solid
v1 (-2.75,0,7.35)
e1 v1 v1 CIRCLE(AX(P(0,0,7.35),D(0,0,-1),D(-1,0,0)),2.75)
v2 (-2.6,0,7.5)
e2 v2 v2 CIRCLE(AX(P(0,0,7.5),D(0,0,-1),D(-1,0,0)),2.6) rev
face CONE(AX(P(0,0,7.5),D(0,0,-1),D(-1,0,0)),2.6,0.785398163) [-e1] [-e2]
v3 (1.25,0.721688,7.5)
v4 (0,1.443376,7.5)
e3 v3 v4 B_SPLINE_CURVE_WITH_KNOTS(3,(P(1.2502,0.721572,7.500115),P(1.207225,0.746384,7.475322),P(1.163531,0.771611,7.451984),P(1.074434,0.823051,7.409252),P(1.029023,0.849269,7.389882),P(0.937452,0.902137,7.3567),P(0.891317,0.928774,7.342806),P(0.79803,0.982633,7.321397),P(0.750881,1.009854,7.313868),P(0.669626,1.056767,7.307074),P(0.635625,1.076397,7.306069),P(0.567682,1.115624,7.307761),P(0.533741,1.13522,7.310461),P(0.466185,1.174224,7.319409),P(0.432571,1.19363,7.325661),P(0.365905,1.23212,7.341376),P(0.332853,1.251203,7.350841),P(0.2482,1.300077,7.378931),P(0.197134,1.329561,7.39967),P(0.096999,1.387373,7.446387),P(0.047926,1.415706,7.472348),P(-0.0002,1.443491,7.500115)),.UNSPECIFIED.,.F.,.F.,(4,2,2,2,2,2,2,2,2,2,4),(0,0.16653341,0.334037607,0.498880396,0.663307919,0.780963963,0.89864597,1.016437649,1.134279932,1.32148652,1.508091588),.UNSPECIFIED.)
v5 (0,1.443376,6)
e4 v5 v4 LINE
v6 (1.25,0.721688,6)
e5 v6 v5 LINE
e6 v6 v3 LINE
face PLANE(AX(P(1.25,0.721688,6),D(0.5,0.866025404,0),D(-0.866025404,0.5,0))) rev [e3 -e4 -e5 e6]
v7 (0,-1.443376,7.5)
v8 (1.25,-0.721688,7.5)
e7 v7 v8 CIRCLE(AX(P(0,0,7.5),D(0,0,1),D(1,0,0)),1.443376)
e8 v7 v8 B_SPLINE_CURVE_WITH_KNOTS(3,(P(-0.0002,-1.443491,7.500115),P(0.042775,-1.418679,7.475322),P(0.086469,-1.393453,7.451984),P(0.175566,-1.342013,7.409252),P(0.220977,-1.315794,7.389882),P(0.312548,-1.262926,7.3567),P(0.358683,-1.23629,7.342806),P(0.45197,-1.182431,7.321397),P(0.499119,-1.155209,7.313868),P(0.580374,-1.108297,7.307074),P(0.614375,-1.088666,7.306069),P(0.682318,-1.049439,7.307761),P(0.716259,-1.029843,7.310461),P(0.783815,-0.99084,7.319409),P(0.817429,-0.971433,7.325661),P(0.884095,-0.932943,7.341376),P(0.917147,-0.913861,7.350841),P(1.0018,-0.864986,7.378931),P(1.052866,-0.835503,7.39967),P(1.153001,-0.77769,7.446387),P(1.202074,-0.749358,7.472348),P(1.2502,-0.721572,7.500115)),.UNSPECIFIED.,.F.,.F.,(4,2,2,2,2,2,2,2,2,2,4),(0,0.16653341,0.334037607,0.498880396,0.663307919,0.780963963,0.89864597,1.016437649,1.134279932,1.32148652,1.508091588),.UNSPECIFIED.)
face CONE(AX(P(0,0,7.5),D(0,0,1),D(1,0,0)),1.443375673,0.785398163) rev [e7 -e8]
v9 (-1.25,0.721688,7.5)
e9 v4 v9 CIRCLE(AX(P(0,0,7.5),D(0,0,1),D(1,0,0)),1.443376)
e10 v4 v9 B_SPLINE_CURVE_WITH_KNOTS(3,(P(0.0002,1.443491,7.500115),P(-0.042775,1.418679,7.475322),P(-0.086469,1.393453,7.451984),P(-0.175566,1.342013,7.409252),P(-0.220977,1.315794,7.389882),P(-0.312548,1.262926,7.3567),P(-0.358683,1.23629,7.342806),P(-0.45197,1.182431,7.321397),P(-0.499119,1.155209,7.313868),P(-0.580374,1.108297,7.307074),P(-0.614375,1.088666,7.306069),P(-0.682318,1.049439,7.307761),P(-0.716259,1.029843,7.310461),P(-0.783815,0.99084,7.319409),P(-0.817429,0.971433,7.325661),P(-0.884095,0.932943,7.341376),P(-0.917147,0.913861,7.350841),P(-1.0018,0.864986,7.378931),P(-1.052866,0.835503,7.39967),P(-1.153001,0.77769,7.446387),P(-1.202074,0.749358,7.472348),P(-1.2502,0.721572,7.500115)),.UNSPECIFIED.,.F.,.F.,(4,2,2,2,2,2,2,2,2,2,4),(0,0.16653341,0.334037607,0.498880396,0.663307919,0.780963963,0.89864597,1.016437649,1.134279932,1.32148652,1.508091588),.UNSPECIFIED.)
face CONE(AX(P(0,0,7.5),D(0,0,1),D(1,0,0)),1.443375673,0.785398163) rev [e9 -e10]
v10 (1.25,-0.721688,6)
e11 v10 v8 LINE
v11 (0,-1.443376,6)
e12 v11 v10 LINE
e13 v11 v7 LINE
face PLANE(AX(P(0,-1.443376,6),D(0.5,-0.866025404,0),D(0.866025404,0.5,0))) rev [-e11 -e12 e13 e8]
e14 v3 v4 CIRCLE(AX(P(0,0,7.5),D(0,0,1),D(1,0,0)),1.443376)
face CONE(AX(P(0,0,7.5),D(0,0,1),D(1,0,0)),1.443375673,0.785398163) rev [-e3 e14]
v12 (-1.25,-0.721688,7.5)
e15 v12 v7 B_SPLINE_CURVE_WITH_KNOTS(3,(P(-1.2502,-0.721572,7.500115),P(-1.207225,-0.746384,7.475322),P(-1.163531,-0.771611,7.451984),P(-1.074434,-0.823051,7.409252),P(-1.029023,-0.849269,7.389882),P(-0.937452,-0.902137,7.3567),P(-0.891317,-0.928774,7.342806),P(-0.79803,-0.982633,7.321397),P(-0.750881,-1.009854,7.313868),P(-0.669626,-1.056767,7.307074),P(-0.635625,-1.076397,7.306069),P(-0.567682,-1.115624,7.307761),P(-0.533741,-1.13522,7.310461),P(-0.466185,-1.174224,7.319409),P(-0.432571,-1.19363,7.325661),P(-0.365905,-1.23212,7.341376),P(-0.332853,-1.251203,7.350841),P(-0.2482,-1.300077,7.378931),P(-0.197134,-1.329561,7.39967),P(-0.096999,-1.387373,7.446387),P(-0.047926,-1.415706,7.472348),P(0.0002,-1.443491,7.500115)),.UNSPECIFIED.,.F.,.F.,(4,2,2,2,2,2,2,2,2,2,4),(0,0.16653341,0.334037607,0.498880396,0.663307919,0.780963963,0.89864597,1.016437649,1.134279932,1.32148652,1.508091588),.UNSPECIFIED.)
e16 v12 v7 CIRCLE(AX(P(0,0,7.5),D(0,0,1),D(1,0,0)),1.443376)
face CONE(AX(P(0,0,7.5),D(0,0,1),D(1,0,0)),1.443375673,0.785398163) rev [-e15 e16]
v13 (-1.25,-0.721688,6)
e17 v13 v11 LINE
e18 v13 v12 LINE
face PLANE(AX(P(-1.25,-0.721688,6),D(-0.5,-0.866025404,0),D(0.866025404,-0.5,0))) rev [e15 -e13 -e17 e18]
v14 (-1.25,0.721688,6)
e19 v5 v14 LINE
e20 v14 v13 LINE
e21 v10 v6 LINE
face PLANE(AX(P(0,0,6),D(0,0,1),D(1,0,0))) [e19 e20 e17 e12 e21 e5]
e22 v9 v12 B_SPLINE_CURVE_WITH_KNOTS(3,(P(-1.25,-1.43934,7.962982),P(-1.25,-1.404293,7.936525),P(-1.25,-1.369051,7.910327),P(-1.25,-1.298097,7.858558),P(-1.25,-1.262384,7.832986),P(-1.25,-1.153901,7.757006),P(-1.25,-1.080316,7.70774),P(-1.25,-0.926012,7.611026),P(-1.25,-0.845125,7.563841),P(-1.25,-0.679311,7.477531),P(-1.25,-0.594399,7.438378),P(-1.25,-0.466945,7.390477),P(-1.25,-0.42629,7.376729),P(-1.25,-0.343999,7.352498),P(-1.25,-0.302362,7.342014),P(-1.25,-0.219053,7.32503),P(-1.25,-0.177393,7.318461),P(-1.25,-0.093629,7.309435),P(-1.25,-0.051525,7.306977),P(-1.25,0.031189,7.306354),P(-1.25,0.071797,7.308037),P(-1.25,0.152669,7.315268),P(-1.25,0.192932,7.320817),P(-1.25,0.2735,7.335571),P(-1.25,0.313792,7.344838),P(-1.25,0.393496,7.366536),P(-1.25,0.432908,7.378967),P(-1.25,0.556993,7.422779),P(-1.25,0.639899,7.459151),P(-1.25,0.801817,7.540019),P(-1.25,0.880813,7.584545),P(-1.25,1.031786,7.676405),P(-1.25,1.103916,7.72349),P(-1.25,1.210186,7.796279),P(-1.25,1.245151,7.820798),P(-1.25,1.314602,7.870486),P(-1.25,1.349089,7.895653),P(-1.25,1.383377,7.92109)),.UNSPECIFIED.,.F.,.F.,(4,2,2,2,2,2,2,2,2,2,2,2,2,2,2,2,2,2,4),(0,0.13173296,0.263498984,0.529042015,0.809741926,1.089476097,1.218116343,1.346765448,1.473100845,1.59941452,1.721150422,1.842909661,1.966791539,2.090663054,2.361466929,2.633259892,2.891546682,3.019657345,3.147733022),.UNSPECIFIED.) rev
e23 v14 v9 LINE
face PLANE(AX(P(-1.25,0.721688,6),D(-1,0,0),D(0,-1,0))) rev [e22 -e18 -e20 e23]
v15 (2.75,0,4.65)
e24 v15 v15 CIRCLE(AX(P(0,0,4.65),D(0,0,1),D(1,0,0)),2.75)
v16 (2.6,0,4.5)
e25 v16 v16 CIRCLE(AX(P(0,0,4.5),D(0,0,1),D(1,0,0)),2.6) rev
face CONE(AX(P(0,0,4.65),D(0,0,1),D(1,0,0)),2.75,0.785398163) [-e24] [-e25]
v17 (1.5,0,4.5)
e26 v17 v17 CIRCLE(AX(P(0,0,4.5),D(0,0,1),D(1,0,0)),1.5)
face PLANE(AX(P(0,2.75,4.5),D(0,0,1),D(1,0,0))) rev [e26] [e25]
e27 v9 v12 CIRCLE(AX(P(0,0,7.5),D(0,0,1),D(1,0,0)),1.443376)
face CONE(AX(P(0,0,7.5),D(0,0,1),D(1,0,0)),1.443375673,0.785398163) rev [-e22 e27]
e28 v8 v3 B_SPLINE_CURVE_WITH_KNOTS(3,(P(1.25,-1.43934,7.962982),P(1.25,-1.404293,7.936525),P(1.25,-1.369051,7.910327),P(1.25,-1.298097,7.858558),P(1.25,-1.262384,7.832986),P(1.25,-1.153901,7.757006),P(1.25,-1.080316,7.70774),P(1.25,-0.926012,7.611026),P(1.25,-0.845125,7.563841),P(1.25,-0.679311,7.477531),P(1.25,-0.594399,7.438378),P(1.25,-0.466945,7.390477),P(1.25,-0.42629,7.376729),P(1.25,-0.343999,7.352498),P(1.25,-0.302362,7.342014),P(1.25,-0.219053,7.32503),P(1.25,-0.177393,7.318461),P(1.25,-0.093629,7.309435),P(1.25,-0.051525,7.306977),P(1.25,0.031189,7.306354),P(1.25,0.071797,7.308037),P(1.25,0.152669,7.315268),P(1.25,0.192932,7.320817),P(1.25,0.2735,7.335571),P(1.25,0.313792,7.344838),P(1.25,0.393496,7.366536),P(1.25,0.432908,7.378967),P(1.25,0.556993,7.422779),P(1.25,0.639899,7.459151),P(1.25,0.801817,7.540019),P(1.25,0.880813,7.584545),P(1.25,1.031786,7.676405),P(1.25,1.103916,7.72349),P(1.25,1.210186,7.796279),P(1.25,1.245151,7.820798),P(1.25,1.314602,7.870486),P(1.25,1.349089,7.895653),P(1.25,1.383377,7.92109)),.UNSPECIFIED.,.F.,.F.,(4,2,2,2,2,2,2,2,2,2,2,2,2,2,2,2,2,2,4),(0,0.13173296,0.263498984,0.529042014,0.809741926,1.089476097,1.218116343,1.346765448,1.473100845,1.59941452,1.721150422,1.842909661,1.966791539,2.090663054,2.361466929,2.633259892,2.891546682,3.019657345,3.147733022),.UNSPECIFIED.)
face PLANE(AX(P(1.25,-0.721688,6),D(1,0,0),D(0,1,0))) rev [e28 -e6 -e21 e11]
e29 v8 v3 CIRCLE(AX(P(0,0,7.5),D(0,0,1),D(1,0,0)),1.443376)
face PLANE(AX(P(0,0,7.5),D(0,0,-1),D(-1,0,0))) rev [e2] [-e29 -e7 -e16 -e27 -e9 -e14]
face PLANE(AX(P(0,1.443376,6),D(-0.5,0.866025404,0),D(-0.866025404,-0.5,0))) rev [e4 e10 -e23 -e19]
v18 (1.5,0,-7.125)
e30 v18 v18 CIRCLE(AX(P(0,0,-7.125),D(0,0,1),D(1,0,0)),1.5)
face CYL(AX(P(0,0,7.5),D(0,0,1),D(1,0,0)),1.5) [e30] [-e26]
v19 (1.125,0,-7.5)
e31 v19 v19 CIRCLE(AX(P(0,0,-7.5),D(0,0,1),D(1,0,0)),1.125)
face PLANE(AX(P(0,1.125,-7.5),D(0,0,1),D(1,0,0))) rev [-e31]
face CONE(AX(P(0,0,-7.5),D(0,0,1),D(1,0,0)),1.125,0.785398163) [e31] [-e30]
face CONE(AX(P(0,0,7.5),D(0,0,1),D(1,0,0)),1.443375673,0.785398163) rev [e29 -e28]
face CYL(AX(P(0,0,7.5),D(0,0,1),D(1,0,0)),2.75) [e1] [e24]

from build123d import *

# Parameters (mm, degrees)
CUT_EXTRUDE1_DEPTH = 1.5
CHAMFER1_SIZE      = 0.15


with BuildPart() as part:
    # Sketch2 → Revolve1 (revolve)
    with BuildSketch(Plane(origin=(0, 0, 0), x_dir=(0, 0, -1), z_dir=(1, 0, 0)), mode=Mode.PRIVATE) as revolve1_sk:
        Polygon((-7.5, 0), (-7.5, 2.75), (-4.5, 2.75), (-4.5, 1.5), (7.125, 1.5), (7.5, 1.125), (7.5, 0), align=None)
    revolve(revolve1_sk.sketch.rotate(Axis((0, 0, 7.5), (0, 0, -1)), 90), axis=Axis((0, 0, 7.5), (0, 0, -1)))

    # Sketch3 → Cut-Extrude1 (cut)
    with BuildSketch(Plane.XY.offset(7.5)):
        Polygon((0, 1.443375673), (-1.25, 0.721687836), (-1.25, -0.721687836), (0, -1.443375673), (1.25, -0.721687836), (1.25, 0.721687836), align=None)
    extrude(amount=-CUT_EXTRUDE1_DEPTH, mode=Mode.SUBTRACT)

    # Cut-Extrude2 cone 1 section (through the dimple's axis) → Cut-Extrude2 (revolve, cut)
    with BuildSketch(Plane(origin=(0, 0, 7.5), x_dir=(0, -1, 0), z_dir=(1, 0, 0))):
        Polygon((0, 0), (1.443375673, 0), (0, 1.443375673), align=None)
    revolve(axis=Axis((0, 0, 7.5), (0, 0, -1)), mode=Mode.SUBTRACT)

    # Chamfer1
    chamfer1_edges = [part.edges().sort_by_distance(p)[0] for p in [
        (-2.75, 0, 4.5),
        (-2.75, 0, 7.5),
    ]]
    chamfer(chamfer1_edges, length=CHAMFER1_SIZE)


solid = part.part
